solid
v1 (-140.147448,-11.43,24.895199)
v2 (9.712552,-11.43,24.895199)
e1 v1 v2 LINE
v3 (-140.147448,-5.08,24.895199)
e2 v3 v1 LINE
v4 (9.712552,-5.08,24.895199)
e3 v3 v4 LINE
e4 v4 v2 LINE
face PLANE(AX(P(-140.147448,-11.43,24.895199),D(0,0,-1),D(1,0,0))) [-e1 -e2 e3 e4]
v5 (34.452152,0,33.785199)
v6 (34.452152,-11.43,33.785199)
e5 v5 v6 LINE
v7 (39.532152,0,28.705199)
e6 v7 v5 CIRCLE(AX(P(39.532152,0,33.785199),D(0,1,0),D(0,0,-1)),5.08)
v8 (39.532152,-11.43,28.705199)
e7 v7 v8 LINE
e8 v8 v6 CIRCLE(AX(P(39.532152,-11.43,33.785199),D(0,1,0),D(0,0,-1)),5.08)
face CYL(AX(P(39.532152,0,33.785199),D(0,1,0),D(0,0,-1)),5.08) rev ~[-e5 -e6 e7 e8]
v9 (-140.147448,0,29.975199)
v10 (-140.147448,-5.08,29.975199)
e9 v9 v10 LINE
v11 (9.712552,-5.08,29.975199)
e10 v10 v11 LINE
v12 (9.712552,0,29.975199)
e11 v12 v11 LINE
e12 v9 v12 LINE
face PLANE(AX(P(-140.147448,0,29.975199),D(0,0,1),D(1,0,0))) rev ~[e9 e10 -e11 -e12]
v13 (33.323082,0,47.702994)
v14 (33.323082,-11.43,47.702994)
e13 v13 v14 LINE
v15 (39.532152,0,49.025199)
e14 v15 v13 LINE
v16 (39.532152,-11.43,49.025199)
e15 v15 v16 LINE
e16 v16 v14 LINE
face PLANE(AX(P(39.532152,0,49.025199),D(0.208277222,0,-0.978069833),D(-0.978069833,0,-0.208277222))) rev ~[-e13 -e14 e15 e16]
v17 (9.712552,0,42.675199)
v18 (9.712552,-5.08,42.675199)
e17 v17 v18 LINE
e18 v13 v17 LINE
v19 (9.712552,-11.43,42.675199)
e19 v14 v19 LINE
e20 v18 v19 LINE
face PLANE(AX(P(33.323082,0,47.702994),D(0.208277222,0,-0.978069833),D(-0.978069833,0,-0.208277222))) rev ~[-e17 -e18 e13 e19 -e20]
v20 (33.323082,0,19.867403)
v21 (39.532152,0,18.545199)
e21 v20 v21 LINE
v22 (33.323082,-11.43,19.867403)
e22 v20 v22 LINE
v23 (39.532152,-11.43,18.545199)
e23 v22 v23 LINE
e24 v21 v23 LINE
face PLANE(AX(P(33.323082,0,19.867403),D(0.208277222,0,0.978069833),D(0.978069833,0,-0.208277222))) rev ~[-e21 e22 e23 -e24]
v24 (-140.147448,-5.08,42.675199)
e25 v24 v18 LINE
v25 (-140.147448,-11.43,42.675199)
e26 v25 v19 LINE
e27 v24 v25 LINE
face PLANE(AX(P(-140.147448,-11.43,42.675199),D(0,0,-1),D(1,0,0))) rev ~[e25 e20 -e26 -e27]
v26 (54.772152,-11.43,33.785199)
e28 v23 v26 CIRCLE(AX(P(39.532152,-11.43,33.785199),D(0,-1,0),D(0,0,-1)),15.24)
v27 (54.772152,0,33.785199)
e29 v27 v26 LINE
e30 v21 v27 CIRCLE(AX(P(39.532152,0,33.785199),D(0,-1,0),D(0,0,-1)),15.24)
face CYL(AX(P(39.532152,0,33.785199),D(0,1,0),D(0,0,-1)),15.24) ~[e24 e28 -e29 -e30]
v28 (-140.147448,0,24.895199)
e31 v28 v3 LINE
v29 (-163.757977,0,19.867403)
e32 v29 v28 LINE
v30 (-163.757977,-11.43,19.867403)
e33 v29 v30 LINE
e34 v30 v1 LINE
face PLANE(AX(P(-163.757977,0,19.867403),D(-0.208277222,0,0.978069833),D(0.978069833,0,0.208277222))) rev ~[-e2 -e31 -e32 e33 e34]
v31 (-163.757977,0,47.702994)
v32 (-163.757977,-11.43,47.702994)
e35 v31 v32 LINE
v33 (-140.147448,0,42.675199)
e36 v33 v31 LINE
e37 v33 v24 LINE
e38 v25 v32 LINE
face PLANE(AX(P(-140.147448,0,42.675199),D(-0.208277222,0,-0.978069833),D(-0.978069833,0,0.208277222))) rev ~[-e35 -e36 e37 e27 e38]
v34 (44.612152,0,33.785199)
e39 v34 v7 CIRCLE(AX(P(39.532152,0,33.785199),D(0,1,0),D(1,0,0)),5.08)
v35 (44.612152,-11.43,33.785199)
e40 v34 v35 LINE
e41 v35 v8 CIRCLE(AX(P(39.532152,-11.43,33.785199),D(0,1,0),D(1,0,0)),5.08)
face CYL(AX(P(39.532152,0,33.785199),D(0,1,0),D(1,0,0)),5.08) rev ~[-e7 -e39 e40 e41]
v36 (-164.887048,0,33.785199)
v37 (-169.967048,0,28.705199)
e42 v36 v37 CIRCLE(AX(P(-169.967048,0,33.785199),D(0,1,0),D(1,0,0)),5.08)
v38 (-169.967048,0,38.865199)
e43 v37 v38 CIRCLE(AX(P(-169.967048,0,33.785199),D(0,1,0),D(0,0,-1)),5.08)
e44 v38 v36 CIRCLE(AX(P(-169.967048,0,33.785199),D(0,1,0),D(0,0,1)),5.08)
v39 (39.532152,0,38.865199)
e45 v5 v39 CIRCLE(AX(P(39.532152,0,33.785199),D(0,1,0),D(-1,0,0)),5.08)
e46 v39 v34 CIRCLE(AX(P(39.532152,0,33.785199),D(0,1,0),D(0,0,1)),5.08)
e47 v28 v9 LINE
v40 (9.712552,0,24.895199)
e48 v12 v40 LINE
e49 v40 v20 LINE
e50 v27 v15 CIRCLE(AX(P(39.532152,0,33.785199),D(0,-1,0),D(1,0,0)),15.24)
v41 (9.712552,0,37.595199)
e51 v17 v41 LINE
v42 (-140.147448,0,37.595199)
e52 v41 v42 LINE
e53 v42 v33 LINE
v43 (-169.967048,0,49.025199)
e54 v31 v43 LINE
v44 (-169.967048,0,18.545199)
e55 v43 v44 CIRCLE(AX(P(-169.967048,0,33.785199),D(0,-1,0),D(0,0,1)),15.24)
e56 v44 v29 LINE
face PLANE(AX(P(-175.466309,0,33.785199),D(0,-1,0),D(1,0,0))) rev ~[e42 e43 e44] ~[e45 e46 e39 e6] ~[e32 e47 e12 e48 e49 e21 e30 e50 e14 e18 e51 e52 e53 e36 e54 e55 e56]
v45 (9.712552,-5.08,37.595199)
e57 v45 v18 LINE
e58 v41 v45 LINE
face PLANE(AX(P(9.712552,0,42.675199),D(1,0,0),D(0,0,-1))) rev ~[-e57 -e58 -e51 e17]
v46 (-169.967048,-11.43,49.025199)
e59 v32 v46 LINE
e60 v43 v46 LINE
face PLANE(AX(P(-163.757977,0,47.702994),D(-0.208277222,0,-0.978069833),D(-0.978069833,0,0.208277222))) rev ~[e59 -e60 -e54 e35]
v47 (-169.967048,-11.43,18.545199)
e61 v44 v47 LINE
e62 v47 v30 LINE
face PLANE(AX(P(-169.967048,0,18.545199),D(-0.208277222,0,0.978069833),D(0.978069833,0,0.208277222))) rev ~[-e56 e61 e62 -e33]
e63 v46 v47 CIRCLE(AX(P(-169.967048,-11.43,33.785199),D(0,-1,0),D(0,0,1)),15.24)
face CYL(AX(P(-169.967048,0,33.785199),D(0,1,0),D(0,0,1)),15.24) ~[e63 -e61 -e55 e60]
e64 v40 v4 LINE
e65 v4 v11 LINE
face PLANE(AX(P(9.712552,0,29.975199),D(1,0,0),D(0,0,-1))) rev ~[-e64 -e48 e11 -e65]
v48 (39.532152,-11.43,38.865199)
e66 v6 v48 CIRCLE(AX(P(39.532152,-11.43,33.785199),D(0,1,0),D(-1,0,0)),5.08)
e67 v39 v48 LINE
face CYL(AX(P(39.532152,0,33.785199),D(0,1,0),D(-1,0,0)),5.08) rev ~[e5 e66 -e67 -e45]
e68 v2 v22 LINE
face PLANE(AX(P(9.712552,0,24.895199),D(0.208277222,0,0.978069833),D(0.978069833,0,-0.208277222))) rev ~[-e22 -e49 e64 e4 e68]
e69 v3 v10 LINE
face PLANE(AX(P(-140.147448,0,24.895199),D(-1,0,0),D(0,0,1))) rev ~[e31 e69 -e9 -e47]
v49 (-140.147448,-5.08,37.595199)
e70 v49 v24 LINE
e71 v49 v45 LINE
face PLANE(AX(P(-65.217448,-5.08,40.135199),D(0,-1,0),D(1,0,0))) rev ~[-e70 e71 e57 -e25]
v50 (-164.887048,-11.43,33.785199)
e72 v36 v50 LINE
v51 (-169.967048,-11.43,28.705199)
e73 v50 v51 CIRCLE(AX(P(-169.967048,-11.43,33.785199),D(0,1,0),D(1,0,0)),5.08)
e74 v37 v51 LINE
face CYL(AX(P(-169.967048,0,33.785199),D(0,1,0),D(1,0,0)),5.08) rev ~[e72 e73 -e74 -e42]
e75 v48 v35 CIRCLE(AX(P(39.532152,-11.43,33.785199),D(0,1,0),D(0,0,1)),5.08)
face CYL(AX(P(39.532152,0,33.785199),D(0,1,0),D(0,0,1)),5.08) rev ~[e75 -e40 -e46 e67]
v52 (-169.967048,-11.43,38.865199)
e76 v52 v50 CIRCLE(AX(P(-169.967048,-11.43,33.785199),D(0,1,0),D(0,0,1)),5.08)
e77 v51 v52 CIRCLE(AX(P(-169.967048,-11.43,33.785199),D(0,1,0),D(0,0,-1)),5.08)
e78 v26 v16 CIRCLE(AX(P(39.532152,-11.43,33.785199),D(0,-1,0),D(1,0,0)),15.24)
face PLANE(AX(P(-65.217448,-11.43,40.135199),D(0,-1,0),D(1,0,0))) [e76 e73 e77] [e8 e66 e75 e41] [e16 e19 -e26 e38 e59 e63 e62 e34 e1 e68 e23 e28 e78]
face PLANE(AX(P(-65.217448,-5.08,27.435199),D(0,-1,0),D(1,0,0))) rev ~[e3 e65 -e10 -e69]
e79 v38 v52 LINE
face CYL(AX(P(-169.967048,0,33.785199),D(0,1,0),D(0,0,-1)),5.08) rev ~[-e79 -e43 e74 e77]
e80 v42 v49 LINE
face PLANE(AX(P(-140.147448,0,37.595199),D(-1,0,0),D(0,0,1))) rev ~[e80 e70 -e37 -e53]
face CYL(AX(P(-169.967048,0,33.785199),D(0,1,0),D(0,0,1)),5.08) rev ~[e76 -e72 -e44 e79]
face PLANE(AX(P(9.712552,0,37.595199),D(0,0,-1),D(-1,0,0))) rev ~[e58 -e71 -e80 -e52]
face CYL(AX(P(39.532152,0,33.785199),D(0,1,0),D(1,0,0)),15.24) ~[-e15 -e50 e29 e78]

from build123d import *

# Parameters (mm, degrees)
F1_DEPTH = 11.43
F2_W     = 149.86
F2_H     = 5.08
F3_DEPTH = 6.35


with BuildPart() as f1:
    # F0 (on Front) → F1 (new body)
    with BuildSketch(Plane.XZ):
        with BuildLine():
            ThreePointArc((-169.9670475861, 49.0251986432), (-185.2070475861, 33.7851986432), (-169.9670475861, 18.5451986432))
            Line((-169.9670475861, 18.5451986432), (-169.9670475861, 28.7051986432))
            ThreePointArc((-169.9670475861, 28.7051986432), (-175.0470475861, 33.7851986432), (-169.9670475861, 38.8651986432))
            Line((-169.9670475861, 38.8651986432), (-169.9670475861, 49.0251986432))
        make_face()
        with BuildLine():
            Line((-163.7579769186, 47.7029944977), (-169.9670475861, 49.0251986432))
            Line((-169.9670475861, 49.0251986432), (-169.9670475861, 38.8651986432))
            ThreePointArc((-169.9670475861, 38.8651986432), (-166.3749451376, 37.3773010916), (-164.8870475861, 33.7851986432))
            Line((-164.8870475861, 33.7851986432), (-157.2670475861, 33.7851986432))
            Line((-157.2670475861, 33.7851986432), (-157.2670475861, 37.5951986432))
            Line((-157.2670475861, 37.5951986432), (-155.210981037, 37.5951986432))
            ThreePointArc((-155.210981037, 37.5951986432), (-158.3297743279, 43.6254969677), (-163.7579769186, 47.7029944977))
        make_face()
        with BuildLine():
            Line((-169.9670475861, 18.5451986432), (-163.7579769186, 19.8674027888))
            ThreePointArc((-163.7579769186, 19.8674027888), (-158.3297743279, 23.9449003188), (-155.210981037, 29.9751986432))
            Line((-155.210981037, 29.9751986432), (-157.2670475861, 29.9751986432))
            Line((-157.2670475861, 29.9751986432), (-157.2670475861, 33.7851986432))
            Line((-157.2670475861, 33.7851986432), (-164.8870475861, 33.7851986432))
            ThreePointArc((-164.8870475861, 33.7851986432), (-166.3749451376, 30.1930961948), (-169.9670475861, 28.7051986432))
            Line((-169.9670475861, 28.7051986432), (-169.9670475861, 18.5451986432))
        make_face()
        with BuildLine():
            Line((-157.2670475861, 33.7851986432), (-154.7270475861, 33.7851986432))
            ThreePointArc((-154.7270475861, 33.7851986432), (-154.8485150149, 35.7055040606), (-155.210981037, 37.5951986432))
            Line((-155.210981037, 37.5951986432), (-157.2670475861, 37.5951986432))
            Line((-157.2670475861, 37.5951986432), (-157.2670475861, 33.7851986432))
        make_face()
        with BuildLine():
            Line((-157.2670475861, 29.9751986432), (-155.210981037, 29.9751986432))
            ThreePointArc((-155.210981037, 29.9751986432), (-154.8485150149, 31.8648932258), (-154.7270475861, 33.7851986432))
            Line((-154.7270475861, 33.7851986432), (-157.2670475861, 33.7851986432))
            Line((-157.2670475861, 33.7851986432), (-157.2670475861, 29.9751986432))
        make_face()
        with BuildLine():
            Line((-155.210981037, 29.9751986432), (-140.1474475861, 29.9751986432))
            Line((-140.1474475861, 29.9751986432), (-140.1474475861, 33.7851986432))
            Line((-140.1474475861, 33.7851986432), (-154.7270475861, 33.7851986432))
            ThreePointArc((-154.7270475861, 33.7851986432), (-154.8485150149, 31.8648932258), (-155.210981037, 29.9751986432))
        make_face()
        with BuildLine():
            Line((-154.7270475861, 33.7851986432), (-140.1474475861, 33.7851986432))
            Line((-140.1474475861, 33.7851986432), (-140.1474475861, 37.5951986432))
            Line((-140.1474475861, 37.5951986432), (-155.210981037, 37.5951986432))
            ThreePointArc((-155.210981037, 37.5951986432), (-154.8485150149, 35.7055040606), (-154.7270475861, 33.7851986432))
        make_face()
        Polygon((-120.7696199417, 29.9751986432), (9.7125524139, 29.9751986432), (9.7125524139, 33.7851986432), (9.7125524139, 37.5951986432), (-120.7696199417, 37.5951986432), (-140.1474475861, 37.5951986432), (-140.1474475861, 33.7851986432), (-140.1474475861, 29.9751986432), align=None)
        with BuildLine():
            Line((9.7125524139, 37.5951986432), (9.7125524139, 33.7851986432))
            Line((9.7125524139, 33.7851986432), (24.2921524139, 33.7851986432))
            ThreePointArc((24.2921524139, 33.7851986432), (24.4136198428, 35.7055040606), (24.7760858649, 37.5951986432))
            Line((24.7760858649, 37.5951986432), (9.7125524139, 37.5951986432))
        make_face()
        with BuildLine():
            Line((9.7125524139, 33.7851986432), (9.7125524139, 29.9751986432))
            Line((9.7125524139, 29.9751986432), (24.7760858649, 29.9751986432))
            ThreePointArc((24.7760858649, 29.9751986432), (24.4136198428, 31.8648932258), (24.2921524139, 33.7851986432))
            Line((24.2921524139, 33.7851986432), (9.7125524139, 33.7851986432))
        make_face()
        with BuildLine():
            ThreePointArc((24.7760858649, 37.5951986432), (24.4136198428, 35.7055040606), (24.2921524139, 33.7851986432))
            Line((24.2921524139, 33.7851986432), (26.8321524139, 33.7851986432))
            Line((26.8321524139, 33.7851986432), (26.8321524139, 37.5951986432))
            Line((26.8321524139, 37.5951986432), (24.7760858649, 37.5951986432))
        make_face()
        with BuildLine():
            ThreePointArc((24.2921524139, 33.7851986432), (24.4136198428, 31.8648932258), (24.7760858649, 29.9751986432))
            Line((24.7760858649, 29.9751986432), (26.8321524139, 29.9751986432))
            Line((26.8321524139, 29.9751986432), (26.8321524139, 33.7851986432))
            Line((26.8321524139, 33.7851986432), (24.2921524139, 33.7851986432))
        make_face()
        with BuildLine():
            ThreePointArc((33.3230817465, 47.7029944977), (27.8948791558, 43.6254969677), (24.7760858649, 37.5951986432))
            Line((24.7760858649, 37.5951986432), (26.8321524139, 37.5951986432))
            Line((26.8321524139, 37.5951986432), (26.8321524139, 33.7851986432))
            Line((26.8321524139, 33.7851986432), (34.4521524139, 33.7851986432))
            ThreePointArc((34.4521524139, 33.7851986432), (35.9400499655, 37.3773010916), (39.5321524139, 38.8651986432))
            Line((39.5321524139, 38.8651986432), (39.5321524139, 49.0251986432))
            Line((39.5321524139, 49.0251986432), (33.3230817465, 47.7029944977))
        make_face()
        with BuildLine():
            Line((39.5321524139, 28.7051986432), (39.5321524139, 18.5451986432))
            ThreePointArc((39.5321524139, 18.5451986432), (50.3084597592, 23.0088912979), (54.7721524139, 33.7851986432))
            ThreePointArc((54.7721524139, 33.7851986432), (50.3084597592, 44.5615059885), (39.5321524139, 49.0251986432))
            Line((39.5321524139, 49.0251986432), (39.5321524139, 38.8651986432))
            ThreePointArc((39.5321524139, 38.8651986432), (43.1242548624, 37.3773010916), (44.6121524139, 33.7851986432))
            ThreePointArc((44.6121524139, 33.7851986432), (43.1242548624, 30.1930961948), (39.5321524139, 28.7051986432))
        make_face()
        with BuildLine():
            ThreePointArc((24.7760858649, 29.9751986432), (27.8948791558, 23.9449003188), (33.3230817465, 19.8674027888))
            Line((33.3230817465, 19.8674027888), (39.5321524139, 18.5451986432))
            Line((39.5321524139, 18.5451986432), (39.5321524139, 28.7051986432))
            ThreePointArc((39.5321524139, 28.7051986432), (35.9400499655, 30.1930961948), (34.4521524139, 33.7851986432))
            Line((34.4521524139, 33.7851986432), (26.8321524139, 33.7851986432))
            Line((26.8321524139, 33.7851986432), (26.8321524139, 29.9751986432))
            Line((26.8321524139, 29.9751986432), (24.7760858649, 29.9751986432))
        make_face()
        with BuildLine():
            Line((9.7125524139, 42.6751986432), (9.7125524139, 37.5951986432))
            Line((9.7125524139, 37.5951986432), (24.7760858649, 37.5951986432))
            ThreePointArc((24.7760858649, 37.5951986432), (27.8948791558, 43.6254969677), (33.3230817465, 47.7029944977))
            Line((33.3230817465, 47.7029944977), (9.7125524139, 42.6751986432))
        make_face()
        with BuildLine():
            Line((9.7125524139, 29.9751986432), (9.7125524139, 24.8951986432))
            Line((9.7125524139, 24.8951986432), (33.3230817465, 19.8674027888))
            ThreePointArc((33.3230817465, 19.8674027888), (27.8948791558, 23.9449003188), (24.7760858649, 29.9751986432))
            Line((24.7760858649, 29.9751986432), (9.7125524139, 29.9751986432))
        make_face()
        with BuildLine():
            Line((-163.7579769186, 19.8674027888), (-140.1474475861, 24.8951986432))
            Line((-140.1474475861, 24.8951986432), (-140.1474475861, 29.9751986432))
            Line((-140.1474475861, 29.9751986432), (-155.210981037, 29.9751986432))
            ThreePointArc((-155.210981037, 29.9751986432), (-158.3297743279, 23.9449003188), (-163.7579769186, 19.8674027888))
        make_face()
        with BuildLine():
            Line((-155.210981037, 37.5951986432), (-140.1474475861, 37.5951986432))
            Line((-140.1474475861, 37.5951986432), (-140.1474475861, 42.6751986432))
            Line((-140.1474475861, 42.6751986432), (-163.7579769186, 47.7029944977))
            ThreePointArc((-163.7579769186, 47.7029944977), (-158.3297743279, 43.6254969677), (-155.210981037, 37.5951986432))
        make_face()
    extrude(amount=F1_DEPTH)

    # F2 (on face) → F3 (join)
    with BuildSketch(Plane.XZ.offset(11.43)):
        with Locations((-65.2174475861, 40.1351986432)):
            Rectangle(F2_W, F2_H)
        with Locations((-65.2174475861, 27.4351986432)):
            Rectangle(F2_W, F2_H)
    extrude(amount=-F3_DEPTH)


solid = f1.part
